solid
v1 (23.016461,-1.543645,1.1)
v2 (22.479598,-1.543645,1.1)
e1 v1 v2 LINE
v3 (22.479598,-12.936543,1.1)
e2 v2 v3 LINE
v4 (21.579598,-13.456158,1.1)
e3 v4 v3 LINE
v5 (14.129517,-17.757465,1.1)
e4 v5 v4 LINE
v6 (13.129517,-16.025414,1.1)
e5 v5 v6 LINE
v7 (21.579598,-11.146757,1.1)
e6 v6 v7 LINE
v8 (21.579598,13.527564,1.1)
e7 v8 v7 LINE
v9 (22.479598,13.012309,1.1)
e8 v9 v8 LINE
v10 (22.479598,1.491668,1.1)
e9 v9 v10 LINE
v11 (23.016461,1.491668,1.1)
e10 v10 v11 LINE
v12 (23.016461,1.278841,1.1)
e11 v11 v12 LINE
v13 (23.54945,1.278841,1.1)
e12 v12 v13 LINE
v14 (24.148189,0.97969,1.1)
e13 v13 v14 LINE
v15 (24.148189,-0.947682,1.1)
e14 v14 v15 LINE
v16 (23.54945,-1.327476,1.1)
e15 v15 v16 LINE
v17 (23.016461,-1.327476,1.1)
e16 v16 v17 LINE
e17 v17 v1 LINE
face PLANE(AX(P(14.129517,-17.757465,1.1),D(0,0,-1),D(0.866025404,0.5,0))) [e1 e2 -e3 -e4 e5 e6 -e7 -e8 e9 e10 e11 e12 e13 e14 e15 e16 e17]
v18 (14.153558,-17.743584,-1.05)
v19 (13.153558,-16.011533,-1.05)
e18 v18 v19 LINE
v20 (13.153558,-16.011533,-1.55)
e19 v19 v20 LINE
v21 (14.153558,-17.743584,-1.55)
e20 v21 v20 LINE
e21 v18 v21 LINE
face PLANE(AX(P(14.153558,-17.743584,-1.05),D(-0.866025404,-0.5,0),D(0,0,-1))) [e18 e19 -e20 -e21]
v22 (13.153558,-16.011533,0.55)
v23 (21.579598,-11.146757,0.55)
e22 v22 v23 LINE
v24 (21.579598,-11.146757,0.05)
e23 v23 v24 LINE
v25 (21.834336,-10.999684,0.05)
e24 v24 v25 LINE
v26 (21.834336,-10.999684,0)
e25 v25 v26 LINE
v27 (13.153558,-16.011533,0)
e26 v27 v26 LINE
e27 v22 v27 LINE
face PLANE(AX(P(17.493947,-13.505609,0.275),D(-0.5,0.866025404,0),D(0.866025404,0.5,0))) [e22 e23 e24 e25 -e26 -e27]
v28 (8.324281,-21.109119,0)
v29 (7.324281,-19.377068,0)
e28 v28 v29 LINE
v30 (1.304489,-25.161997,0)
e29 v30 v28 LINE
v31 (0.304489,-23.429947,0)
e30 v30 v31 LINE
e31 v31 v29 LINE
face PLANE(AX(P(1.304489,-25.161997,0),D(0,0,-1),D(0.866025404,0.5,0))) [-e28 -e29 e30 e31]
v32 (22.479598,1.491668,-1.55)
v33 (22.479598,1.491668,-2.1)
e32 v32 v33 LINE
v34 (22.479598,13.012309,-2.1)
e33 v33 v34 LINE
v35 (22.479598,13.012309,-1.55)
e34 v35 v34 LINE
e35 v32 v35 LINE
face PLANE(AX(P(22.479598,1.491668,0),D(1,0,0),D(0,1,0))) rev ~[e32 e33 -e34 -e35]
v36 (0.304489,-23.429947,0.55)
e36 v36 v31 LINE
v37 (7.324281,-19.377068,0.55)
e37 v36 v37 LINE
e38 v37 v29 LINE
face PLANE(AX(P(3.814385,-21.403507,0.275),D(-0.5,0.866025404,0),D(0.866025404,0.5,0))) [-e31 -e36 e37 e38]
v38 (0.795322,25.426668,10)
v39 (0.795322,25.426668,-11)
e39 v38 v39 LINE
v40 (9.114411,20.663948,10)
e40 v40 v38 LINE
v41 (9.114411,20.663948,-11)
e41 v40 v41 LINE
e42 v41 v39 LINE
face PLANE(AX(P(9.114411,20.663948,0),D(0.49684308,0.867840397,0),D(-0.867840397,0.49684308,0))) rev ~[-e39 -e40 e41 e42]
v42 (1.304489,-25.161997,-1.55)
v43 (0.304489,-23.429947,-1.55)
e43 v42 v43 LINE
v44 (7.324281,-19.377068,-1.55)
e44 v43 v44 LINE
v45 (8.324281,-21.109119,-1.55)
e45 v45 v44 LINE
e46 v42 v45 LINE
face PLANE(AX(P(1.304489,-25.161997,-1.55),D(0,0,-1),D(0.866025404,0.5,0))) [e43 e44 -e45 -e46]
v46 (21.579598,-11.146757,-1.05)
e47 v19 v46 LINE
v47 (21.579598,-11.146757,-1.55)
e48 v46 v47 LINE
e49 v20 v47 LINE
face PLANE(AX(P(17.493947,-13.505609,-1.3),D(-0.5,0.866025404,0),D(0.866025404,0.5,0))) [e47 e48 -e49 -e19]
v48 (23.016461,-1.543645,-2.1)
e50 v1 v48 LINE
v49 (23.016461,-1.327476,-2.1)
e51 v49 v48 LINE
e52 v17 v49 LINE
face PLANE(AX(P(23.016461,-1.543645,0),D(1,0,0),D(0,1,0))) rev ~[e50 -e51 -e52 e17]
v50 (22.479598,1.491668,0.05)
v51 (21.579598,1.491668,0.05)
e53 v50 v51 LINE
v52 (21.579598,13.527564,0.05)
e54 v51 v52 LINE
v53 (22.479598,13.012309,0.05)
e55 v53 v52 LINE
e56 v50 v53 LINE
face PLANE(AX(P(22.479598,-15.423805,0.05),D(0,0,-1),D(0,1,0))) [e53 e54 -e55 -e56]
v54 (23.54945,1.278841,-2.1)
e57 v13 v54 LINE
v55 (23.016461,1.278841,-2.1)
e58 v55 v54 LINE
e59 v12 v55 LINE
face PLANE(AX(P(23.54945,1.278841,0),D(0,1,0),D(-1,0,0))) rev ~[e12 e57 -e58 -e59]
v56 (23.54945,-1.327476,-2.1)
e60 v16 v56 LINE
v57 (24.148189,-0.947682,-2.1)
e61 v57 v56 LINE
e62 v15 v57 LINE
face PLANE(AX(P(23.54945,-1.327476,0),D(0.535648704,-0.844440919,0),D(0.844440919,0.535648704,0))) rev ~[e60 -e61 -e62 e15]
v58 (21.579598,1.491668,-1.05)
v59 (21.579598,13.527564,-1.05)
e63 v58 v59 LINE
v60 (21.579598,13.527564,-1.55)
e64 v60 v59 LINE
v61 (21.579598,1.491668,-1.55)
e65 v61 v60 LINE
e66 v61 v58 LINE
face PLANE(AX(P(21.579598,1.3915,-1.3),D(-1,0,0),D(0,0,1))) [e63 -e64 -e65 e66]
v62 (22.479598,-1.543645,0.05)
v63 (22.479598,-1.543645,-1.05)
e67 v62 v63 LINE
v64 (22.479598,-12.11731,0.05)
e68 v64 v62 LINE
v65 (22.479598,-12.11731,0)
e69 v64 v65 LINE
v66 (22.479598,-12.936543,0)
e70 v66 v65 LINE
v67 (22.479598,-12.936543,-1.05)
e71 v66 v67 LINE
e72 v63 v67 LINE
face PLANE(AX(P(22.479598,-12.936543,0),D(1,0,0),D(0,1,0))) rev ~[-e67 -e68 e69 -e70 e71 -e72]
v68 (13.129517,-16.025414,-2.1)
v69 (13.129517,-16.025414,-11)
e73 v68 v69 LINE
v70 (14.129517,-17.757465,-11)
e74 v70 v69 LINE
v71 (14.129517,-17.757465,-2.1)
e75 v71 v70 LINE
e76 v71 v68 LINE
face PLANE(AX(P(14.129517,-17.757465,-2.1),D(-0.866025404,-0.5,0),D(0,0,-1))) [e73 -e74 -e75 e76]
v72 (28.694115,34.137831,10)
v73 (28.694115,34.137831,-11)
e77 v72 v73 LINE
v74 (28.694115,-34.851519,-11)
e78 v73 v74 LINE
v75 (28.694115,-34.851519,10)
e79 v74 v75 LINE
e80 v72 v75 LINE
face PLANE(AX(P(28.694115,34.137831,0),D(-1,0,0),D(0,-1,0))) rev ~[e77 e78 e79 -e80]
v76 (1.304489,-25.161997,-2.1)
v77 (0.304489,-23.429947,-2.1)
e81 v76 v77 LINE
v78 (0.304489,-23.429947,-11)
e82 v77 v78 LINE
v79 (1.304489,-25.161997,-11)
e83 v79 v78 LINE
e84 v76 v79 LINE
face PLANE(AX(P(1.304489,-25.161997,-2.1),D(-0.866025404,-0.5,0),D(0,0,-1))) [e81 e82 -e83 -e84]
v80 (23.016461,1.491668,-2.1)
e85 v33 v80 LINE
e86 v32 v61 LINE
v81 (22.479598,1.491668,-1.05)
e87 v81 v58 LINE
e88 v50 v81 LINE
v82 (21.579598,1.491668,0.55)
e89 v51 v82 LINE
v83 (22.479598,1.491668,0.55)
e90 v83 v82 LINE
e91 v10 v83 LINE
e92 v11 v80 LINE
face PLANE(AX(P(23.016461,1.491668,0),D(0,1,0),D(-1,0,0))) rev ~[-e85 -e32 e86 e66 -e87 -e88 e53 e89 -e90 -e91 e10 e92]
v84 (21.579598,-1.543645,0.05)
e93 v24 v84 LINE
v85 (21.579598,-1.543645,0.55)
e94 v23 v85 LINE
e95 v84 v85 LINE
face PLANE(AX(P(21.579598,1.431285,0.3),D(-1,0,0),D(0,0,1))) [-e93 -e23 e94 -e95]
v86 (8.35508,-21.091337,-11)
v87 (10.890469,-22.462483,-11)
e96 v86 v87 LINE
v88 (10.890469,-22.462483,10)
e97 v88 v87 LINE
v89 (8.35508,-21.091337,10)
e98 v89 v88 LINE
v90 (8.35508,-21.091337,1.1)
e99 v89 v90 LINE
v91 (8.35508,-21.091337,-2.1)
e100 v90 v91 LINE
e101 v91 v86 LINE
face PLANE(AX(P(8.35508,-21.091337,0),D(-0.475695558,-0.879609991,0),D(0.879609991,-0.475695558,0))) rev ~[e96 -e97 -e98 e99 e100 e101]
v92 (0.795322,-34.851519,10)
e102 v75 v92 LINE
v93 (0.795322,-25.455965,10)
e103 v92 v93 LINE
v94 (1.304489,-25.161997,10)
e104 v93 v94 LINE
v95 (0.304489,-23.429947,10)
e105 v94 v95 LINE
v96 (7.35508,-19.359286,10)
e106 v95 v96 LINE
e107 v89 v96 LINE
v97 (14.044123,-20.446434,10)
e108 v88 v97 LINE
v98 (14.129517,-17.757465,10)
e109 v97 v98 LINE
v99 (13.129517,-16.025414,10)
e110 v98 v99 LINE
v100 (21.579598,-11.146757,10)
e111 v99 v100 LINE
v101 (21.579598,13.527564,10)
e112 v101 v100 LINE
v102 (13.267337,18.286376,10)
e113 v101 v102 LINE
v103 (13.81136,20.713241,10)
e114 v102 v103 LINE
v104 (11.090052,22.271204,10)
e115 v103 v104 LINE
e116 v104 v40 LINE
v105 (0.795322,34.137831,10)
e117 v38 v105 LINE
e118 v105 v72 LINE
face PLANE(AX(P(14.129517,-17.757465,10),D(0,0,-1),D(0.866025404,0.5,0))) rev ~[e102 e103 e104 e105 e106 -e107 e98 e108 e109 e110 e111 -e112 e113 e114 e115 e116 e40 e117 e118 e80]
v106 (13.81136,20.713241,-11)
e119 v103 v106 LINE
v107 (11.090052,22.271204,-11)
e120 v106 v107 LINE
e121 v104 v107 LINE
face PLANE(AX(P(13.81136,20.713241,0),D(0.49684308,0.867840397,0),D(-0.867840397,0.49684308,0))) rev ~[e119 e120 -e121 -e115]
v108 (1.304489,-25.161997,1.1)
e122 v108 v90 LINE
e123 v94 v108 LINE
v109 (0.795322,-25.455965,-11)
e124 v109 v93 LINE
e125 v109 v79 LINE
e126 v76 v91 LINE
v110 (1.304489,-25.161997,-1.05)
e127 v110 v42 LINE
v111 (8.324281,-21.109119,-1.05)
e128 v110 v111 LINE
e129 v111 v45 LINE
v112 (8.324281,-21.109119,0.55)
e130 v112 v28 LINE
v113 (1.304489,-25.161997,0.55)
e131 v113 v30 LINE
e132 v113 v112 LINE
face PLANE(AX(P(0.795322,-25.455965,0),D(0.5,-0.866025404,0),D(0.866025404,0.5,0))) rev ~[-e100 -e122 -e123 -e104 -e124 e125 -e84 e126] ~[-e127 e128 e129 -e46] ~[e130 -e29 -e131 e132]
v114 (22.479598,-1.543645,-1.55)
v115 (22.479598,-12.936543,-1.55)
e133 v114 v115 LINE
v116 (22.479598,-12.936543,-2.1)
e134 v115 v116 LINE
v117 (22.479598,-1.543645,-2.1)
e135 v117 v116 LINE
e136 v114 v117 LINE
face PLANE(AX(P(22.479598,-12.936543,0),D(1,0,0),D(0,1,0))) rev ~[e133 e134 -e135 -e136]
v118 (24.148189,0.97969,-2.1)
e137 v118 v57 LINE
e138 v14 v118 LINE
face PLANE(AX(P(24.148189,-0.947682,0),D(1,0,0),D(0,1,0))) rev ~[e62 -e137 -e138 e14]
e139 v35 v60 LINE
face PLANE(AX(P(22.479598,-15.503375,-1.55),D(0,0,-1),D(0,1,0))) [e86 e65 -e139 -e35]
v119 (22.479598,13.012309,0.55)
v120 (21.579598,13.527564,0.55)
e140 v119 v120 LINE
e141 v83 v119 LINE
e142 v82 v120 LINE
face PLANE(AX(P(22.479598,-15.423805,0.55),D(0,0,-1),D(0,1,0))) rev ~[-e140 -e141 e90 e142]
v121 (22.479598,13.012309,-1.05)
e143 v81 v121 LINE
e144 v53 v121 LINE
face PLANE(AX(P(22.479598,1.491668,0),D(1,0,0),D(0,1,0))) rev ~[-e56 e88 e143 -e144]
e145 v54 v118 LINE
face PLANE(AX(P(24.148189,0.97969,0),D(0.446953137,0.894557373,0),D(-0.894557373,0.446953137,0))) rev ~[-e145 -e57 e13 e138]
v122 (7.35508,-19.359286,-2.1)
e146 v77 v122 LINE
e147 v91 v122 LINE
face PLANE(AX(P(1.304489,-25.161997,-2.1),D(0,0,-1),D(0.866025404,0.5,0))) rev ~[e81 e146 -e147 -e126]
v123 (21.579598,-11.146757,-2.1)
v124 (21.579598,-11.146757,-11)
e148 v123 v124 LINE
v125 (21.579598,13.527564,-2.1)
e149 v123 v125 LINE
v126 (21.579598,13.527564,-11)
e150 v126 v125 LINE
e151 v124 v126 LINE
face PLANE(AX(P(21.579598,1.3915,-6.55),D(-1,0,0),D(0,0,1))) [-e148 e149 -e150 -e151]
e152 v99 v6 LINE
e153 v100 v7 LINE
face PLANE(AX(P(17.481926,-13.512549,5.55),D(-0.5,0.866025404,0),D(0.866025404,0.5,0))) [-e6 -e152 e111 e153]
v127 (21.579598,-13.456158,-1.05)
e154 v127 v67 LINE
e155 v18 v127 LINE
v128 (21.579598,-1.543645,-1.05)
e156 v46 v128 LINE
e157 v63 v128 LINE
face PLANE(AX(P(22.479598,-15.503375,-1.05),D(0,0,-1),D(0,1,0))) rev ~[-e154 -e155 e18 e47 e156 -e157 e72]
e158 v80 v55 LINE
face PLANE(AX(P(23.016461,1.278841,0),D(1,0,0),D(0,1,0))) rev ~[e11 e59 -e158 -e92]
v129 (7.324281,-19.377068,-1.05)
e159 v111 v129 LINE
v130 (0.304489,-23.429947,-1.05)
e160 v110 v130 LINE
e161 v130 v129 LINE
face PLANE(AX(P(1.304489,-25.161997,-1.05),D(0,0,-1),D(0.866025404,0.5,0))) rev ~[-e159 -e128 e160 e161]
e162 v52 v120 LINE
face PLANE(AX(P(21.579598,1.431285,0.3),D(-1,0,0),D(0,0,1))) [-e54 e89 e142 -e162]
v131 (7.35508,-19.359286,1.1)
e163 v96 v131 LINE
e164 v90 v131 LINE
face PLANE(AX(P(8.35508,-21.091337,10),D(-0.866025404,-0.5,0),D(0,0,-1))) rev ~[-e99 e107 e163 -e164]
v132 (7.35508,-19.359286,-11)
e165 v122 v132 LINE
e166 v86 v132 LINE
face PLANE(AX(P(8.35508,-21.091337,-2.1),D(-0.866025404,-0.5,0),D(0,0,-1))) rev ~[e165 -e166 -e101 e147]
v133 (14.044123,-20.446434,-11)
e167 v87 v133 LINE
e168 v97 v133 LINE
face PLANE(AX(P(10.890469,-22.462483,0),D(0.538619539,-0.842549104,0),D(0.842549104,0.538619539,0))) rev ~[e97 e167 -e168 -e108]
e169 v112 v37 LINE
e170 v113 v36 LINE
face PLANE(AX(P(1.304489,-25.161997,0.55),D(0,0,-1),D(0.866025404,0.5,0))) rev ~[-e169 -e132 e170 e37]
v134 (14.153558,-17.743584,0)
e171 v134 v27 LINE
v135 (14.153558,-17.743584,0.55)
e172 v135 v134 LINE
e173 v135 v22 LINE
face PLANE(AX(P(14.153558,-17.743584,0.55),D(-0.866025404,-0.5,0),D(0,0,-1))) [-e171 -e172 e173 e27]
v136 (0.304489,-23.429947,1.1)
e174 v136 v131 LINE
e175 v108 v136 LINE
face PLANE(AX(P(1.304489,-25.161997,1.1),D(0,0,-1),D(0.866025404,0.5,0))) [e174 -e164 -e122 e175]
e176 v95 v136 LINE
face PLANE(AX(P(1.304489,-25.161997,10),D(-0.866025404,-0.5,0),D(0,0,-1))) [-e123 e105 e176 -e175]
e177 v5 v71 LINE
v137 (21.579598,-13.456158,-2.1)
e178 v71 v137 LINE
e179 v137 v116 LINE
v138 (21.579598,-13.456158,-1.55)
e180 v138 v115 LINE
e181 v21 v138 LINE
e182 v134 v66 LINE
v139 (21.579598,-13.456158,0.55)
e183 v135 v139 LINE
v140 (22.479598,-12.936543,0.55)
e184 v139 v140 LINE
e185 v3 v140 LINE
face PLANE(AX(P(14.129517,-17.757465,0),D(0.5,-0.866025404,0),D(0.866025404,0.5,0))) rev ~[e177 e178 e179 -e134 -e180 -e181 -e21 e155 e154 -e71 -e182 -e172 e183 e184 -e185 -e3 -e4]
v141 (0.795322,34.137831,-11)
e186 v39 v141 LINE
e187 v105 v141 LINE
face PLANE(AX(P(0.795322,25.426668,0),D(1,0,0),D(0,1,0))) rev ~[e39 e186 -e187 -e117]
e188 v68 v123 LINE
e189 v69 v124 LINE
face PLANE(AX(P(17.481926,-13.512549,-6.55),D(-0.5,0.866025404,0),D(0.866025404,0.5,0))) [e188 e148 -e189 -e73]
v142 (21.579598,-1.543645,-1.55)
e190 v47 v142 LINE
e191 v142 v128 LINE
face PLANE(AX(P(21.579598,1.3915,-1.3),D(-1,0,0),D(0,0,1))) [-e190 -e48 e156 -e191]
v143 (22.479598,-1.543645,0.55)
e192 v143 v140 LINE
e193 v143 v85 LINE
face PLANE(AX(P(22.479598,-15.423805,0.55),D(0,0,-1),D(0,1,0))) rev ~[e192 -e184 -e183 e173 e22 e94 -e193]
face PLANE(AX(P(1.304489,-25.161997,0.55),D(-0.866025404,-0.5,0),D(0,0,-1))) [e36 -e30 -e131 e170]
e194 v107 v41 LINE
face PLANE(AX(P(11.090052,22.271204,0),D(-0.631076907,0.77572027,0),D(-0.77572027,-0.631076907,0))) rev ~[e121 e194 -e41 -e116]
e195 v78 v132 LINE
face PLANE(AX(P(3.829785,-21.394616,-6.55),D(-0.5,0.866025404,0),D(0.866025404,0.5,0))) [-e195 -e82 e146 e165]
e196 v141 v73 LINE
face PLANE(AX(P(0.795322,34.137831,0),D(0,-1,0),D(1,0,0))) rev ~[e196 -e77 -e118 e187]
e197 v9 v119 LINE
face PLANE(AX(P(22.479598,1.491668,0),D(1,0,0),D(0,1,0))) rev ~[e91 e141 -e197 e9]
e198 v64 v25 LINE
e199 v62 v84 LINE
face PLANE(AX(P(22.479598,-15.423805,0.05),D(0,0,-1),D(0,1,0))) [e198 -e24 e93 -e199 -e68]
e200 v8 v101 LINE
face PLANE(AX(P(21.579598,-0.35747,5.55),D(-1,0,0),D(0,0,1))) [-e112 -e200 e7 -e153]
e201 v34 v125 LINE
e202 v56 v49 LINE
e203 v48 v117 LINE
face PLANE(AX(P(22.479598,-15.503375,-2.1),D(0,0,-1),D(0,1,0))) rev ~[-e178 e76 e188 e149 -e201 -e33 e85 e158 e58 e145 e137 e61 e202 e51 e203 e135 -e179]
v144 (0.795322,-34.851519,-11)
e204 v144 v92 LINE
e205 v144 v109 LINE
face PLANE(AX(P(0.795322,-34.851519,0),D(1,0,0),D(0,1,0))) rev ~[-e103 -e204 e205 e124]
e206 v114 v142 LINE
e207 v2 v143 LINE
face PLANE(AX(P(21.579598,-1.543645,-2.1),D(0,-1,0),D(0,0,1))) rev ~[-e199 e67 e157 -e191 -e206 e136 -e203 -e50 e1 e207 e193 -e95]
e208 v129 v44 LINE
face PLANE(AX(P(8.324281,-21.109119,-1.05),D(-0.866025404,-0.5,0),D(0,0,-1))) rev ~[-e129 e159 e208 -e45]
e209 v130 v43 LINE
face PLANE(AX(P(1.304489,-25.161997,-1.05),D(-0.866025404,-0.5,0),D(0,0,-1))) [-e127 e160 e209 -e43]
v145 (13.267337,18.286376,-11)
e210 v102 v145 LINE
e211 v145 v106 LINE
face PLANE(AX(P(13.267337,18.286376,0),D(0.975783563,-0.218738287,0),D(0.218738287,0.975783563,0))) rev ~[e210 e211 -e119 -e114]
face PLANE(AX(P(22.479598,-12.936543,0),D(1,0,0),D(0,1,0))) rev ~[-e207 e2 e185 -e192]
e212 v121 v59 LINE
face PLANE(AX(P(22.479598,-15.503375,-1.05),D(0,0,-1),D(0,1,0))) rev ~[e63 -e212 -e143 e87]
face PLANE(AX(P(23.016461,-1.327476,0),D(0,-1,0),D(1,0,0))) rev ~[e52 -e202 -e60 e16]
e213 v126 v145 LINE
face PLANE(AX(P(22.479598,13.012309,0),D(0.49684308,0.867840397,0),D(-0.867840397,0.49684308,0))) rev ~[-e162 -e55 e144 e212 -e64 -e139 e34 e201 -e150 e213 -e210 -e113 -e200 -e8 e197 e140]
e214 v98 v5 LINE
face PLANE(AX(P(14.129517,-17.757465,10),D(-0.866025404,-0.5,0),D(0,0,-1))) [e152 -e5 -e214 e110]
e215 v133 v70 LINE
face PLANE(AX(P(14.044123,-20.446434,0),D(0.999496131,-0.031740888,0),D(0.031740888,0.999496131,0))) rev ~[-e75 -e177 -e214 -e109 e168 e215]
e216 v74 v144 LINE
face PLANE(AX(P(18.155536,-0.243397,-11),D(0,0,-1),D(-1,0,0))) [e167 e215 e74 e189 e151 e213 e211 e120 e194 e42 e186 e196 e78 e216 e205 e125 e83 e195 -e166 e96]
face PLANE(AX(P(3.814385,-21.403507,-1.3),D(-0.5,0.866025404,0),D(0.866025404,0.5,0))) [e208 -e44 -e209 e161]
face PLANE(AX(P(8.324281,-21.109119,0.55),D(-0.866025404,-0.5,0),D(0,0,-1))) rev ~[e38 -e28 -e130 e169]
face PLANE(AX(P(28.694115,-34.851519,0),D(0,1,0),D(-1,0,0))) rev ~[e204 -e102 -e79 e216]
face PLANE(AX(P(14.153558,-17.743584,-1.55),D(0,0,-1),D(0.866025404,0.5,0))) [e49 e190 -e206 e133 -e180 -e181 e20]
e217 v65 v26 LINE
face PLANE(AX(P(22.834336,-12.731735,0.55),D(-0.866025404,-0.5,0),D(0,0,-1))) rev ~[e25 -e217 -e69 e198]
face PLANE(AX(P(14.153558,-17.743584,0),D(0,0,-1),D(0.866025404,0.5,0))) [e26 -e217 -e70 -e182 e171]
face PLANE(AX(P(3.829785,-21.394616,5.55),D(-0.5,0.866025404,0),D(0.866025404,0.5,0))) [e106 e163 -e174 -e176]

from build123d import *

# Parameters (mm, degrees)
BOSS_EXTRUDE1_DEPTH      = 10
BOSS_EXTRUDE1_DEPTH_BACK = 11
SKETCH2_W                = 0.5
SKETCH2_H                = 33.789751219
SKETCH2_W_2              = 8.9
SKETCH2_H_2              = 33.710181146
BOSS_EXTRUDE2_DEPTH      = 0.9
SKETCH4_W                = 3.2
SKETCH4_H                = 3.035313039
CUT_EXTRUDE1_DEPTH       = 0.9
SKETCH5_W                = 8.9
SKETCH5_H                = 5.924846374
SKETCH5_H_2              = 8.259633143
BOSS_EXTRUDE3_DEPTH      = 3.9
SKETCH6_W                = 10.051459914
SKETCH6_H                = 8.9
SKETCH6_W_2              = 8.141320355
SKETCH6_W_3              = 10.023699464
SKETCH6_H_2              = 0.55
SKETCH6_H_3              = 0.5
SKETCH6_W_4              = 8.105756988
BOSS_EXTRUDE4_DEPTH      = 2


with BuildPart() as part:
    # Sketch1 → Boss-Extrude1 (new body, two sides)
    with BuildSketch(Plane.XY) as boss_extrude1_sk:
        Polygon((0.795322437, -25.455965093), (8.355079741, -21.091337178), (10.890469069, -22.462482859), (14.044123283, -20.446434454), (14.129516604, -17.757464501), (22.479597834, -12.936542855), (22.479597834, -1.543644942), (23.016460709, -1.543644942), (23.016460709, -1.327475501), (23.549450475, -1.327475501), (24.148188576, -0.947681864), (24.148188576, 0.979689608), (23.549450475, 1.278840764), (23.016460709, 1.278840764), (23.016460709, 1.491668097), (22.479597834, 1.491668097), (22.479597834, 13.01230949), (13.267337289, 18.286375916), (13.8113599, 20.713241045), (11.090051556, 22.271204034), (9.1144107, 20.663947694), (0.795322437, 25.426668406), (0.795322437, 34.137830746), (28.694115234, 34.137830746), (28.694115234, -34.851518664), (0.795322437, -34.851518664), align=None)
    extrude(amount=BOSS_EXTRUDE1_DEPTH)
    extrude(boss_extrude1_sk.sketch, amount=-BOSS_EXTRUDE1_DEPTH_BACK)

    # Sketch2 → Boss-Extrude2 (add)
    with BuildSketch(Plane.ZY.offset(-22.479597834)):
        with Locations((-1.3, 1.391500307)):
            Rectangle(SKETCH2_W, SKETCH2_H)
        with Locations((-6.55, 1.391500307)):
            Rectangle(SKETCH2_W_2, SKETCH2_H)
        with Locations((5.55, 1.431285343)):
            Rectangle(SKETCH2_W_2, SKETCH2_H_2)
        with Locations((0.3, 1.431285343)):
            Rectangle(SKETCH2_W, SKETCH2_H_2)
    extrude(amount=BOSS_EXTRUDE2_DEPTH)

    # Sketch4 → Cut-Extrude1 (cut)
    with BuildSketch(Plane.ZY.offset(-21.579597834)):
        with Locations((-0.5, -0.025988422)):
            Rectangle(SKETCH4_W, SKETCH4_H)
    extrude(amount=-CUT_EXTRUDE1_DEPTH, mode=Mode.SUBTRACT)

    # Sketch5 → Boss-Extrude3 (add)
    with BuildSketch(Plane.ZY.offset(-21.579597834)):
        with Locations((5.55, -0.357470261)):
            Rectangle(SKETCH5_W, SKETCH5_H)
        with Locations((-6.55, -0.62015136)):
            Rectangle(SKETCH5_W, SKETCH5_H_2)
    extrude(amount=-BOSS_EXTRUDE3_DEPTH)

    # Sketch6 → Boss-Extrude4 (add)
    with BuildSketch(Plane(origin=(11.221586833, -19.436358537, 0), x_dir=(0.866025404, 0.5, 0), z_dir=(-0.5, 0.866025404, 0))):
        with Locations((8.383518028, -5.55)):
            Rectangle(SKETCH6_W, SKETCH6_H)
        with Locations((8.383518028, 6.55)):
            Rectangle(SKETCH6_W, SKETCH6_H)
        with Locations((-7.38061746, -5.55)):
            Rectangle(SKETCH6_W_2, SKETCH6_H)
        with Locations((8.397398253, -0.275)):
            Rectangle(SKETCH6_W_3, SKETCH6_H_2)
        with Locations((8.397398253, 1.3)):
            Rectangle(SKETCH6_W_3, SKETCH6_H_3)
        with Locations((-7.398399144, -0.275)):
            Rectangle(SKETCH6_W_4, SKETCH6_H_2)
        with Locations((-7.398399144, 1.3)):
            Rectangle(SKETCH6_W_4, SKETCH6_H_3)
        with Locations((-7.38061746, 6.55)):
            Rectangle(SKETCH6_W_2, SKETCH6_H)
    extrude(amount=BOSS_EXTRUDE4_DEPTH)


solid = part.part
